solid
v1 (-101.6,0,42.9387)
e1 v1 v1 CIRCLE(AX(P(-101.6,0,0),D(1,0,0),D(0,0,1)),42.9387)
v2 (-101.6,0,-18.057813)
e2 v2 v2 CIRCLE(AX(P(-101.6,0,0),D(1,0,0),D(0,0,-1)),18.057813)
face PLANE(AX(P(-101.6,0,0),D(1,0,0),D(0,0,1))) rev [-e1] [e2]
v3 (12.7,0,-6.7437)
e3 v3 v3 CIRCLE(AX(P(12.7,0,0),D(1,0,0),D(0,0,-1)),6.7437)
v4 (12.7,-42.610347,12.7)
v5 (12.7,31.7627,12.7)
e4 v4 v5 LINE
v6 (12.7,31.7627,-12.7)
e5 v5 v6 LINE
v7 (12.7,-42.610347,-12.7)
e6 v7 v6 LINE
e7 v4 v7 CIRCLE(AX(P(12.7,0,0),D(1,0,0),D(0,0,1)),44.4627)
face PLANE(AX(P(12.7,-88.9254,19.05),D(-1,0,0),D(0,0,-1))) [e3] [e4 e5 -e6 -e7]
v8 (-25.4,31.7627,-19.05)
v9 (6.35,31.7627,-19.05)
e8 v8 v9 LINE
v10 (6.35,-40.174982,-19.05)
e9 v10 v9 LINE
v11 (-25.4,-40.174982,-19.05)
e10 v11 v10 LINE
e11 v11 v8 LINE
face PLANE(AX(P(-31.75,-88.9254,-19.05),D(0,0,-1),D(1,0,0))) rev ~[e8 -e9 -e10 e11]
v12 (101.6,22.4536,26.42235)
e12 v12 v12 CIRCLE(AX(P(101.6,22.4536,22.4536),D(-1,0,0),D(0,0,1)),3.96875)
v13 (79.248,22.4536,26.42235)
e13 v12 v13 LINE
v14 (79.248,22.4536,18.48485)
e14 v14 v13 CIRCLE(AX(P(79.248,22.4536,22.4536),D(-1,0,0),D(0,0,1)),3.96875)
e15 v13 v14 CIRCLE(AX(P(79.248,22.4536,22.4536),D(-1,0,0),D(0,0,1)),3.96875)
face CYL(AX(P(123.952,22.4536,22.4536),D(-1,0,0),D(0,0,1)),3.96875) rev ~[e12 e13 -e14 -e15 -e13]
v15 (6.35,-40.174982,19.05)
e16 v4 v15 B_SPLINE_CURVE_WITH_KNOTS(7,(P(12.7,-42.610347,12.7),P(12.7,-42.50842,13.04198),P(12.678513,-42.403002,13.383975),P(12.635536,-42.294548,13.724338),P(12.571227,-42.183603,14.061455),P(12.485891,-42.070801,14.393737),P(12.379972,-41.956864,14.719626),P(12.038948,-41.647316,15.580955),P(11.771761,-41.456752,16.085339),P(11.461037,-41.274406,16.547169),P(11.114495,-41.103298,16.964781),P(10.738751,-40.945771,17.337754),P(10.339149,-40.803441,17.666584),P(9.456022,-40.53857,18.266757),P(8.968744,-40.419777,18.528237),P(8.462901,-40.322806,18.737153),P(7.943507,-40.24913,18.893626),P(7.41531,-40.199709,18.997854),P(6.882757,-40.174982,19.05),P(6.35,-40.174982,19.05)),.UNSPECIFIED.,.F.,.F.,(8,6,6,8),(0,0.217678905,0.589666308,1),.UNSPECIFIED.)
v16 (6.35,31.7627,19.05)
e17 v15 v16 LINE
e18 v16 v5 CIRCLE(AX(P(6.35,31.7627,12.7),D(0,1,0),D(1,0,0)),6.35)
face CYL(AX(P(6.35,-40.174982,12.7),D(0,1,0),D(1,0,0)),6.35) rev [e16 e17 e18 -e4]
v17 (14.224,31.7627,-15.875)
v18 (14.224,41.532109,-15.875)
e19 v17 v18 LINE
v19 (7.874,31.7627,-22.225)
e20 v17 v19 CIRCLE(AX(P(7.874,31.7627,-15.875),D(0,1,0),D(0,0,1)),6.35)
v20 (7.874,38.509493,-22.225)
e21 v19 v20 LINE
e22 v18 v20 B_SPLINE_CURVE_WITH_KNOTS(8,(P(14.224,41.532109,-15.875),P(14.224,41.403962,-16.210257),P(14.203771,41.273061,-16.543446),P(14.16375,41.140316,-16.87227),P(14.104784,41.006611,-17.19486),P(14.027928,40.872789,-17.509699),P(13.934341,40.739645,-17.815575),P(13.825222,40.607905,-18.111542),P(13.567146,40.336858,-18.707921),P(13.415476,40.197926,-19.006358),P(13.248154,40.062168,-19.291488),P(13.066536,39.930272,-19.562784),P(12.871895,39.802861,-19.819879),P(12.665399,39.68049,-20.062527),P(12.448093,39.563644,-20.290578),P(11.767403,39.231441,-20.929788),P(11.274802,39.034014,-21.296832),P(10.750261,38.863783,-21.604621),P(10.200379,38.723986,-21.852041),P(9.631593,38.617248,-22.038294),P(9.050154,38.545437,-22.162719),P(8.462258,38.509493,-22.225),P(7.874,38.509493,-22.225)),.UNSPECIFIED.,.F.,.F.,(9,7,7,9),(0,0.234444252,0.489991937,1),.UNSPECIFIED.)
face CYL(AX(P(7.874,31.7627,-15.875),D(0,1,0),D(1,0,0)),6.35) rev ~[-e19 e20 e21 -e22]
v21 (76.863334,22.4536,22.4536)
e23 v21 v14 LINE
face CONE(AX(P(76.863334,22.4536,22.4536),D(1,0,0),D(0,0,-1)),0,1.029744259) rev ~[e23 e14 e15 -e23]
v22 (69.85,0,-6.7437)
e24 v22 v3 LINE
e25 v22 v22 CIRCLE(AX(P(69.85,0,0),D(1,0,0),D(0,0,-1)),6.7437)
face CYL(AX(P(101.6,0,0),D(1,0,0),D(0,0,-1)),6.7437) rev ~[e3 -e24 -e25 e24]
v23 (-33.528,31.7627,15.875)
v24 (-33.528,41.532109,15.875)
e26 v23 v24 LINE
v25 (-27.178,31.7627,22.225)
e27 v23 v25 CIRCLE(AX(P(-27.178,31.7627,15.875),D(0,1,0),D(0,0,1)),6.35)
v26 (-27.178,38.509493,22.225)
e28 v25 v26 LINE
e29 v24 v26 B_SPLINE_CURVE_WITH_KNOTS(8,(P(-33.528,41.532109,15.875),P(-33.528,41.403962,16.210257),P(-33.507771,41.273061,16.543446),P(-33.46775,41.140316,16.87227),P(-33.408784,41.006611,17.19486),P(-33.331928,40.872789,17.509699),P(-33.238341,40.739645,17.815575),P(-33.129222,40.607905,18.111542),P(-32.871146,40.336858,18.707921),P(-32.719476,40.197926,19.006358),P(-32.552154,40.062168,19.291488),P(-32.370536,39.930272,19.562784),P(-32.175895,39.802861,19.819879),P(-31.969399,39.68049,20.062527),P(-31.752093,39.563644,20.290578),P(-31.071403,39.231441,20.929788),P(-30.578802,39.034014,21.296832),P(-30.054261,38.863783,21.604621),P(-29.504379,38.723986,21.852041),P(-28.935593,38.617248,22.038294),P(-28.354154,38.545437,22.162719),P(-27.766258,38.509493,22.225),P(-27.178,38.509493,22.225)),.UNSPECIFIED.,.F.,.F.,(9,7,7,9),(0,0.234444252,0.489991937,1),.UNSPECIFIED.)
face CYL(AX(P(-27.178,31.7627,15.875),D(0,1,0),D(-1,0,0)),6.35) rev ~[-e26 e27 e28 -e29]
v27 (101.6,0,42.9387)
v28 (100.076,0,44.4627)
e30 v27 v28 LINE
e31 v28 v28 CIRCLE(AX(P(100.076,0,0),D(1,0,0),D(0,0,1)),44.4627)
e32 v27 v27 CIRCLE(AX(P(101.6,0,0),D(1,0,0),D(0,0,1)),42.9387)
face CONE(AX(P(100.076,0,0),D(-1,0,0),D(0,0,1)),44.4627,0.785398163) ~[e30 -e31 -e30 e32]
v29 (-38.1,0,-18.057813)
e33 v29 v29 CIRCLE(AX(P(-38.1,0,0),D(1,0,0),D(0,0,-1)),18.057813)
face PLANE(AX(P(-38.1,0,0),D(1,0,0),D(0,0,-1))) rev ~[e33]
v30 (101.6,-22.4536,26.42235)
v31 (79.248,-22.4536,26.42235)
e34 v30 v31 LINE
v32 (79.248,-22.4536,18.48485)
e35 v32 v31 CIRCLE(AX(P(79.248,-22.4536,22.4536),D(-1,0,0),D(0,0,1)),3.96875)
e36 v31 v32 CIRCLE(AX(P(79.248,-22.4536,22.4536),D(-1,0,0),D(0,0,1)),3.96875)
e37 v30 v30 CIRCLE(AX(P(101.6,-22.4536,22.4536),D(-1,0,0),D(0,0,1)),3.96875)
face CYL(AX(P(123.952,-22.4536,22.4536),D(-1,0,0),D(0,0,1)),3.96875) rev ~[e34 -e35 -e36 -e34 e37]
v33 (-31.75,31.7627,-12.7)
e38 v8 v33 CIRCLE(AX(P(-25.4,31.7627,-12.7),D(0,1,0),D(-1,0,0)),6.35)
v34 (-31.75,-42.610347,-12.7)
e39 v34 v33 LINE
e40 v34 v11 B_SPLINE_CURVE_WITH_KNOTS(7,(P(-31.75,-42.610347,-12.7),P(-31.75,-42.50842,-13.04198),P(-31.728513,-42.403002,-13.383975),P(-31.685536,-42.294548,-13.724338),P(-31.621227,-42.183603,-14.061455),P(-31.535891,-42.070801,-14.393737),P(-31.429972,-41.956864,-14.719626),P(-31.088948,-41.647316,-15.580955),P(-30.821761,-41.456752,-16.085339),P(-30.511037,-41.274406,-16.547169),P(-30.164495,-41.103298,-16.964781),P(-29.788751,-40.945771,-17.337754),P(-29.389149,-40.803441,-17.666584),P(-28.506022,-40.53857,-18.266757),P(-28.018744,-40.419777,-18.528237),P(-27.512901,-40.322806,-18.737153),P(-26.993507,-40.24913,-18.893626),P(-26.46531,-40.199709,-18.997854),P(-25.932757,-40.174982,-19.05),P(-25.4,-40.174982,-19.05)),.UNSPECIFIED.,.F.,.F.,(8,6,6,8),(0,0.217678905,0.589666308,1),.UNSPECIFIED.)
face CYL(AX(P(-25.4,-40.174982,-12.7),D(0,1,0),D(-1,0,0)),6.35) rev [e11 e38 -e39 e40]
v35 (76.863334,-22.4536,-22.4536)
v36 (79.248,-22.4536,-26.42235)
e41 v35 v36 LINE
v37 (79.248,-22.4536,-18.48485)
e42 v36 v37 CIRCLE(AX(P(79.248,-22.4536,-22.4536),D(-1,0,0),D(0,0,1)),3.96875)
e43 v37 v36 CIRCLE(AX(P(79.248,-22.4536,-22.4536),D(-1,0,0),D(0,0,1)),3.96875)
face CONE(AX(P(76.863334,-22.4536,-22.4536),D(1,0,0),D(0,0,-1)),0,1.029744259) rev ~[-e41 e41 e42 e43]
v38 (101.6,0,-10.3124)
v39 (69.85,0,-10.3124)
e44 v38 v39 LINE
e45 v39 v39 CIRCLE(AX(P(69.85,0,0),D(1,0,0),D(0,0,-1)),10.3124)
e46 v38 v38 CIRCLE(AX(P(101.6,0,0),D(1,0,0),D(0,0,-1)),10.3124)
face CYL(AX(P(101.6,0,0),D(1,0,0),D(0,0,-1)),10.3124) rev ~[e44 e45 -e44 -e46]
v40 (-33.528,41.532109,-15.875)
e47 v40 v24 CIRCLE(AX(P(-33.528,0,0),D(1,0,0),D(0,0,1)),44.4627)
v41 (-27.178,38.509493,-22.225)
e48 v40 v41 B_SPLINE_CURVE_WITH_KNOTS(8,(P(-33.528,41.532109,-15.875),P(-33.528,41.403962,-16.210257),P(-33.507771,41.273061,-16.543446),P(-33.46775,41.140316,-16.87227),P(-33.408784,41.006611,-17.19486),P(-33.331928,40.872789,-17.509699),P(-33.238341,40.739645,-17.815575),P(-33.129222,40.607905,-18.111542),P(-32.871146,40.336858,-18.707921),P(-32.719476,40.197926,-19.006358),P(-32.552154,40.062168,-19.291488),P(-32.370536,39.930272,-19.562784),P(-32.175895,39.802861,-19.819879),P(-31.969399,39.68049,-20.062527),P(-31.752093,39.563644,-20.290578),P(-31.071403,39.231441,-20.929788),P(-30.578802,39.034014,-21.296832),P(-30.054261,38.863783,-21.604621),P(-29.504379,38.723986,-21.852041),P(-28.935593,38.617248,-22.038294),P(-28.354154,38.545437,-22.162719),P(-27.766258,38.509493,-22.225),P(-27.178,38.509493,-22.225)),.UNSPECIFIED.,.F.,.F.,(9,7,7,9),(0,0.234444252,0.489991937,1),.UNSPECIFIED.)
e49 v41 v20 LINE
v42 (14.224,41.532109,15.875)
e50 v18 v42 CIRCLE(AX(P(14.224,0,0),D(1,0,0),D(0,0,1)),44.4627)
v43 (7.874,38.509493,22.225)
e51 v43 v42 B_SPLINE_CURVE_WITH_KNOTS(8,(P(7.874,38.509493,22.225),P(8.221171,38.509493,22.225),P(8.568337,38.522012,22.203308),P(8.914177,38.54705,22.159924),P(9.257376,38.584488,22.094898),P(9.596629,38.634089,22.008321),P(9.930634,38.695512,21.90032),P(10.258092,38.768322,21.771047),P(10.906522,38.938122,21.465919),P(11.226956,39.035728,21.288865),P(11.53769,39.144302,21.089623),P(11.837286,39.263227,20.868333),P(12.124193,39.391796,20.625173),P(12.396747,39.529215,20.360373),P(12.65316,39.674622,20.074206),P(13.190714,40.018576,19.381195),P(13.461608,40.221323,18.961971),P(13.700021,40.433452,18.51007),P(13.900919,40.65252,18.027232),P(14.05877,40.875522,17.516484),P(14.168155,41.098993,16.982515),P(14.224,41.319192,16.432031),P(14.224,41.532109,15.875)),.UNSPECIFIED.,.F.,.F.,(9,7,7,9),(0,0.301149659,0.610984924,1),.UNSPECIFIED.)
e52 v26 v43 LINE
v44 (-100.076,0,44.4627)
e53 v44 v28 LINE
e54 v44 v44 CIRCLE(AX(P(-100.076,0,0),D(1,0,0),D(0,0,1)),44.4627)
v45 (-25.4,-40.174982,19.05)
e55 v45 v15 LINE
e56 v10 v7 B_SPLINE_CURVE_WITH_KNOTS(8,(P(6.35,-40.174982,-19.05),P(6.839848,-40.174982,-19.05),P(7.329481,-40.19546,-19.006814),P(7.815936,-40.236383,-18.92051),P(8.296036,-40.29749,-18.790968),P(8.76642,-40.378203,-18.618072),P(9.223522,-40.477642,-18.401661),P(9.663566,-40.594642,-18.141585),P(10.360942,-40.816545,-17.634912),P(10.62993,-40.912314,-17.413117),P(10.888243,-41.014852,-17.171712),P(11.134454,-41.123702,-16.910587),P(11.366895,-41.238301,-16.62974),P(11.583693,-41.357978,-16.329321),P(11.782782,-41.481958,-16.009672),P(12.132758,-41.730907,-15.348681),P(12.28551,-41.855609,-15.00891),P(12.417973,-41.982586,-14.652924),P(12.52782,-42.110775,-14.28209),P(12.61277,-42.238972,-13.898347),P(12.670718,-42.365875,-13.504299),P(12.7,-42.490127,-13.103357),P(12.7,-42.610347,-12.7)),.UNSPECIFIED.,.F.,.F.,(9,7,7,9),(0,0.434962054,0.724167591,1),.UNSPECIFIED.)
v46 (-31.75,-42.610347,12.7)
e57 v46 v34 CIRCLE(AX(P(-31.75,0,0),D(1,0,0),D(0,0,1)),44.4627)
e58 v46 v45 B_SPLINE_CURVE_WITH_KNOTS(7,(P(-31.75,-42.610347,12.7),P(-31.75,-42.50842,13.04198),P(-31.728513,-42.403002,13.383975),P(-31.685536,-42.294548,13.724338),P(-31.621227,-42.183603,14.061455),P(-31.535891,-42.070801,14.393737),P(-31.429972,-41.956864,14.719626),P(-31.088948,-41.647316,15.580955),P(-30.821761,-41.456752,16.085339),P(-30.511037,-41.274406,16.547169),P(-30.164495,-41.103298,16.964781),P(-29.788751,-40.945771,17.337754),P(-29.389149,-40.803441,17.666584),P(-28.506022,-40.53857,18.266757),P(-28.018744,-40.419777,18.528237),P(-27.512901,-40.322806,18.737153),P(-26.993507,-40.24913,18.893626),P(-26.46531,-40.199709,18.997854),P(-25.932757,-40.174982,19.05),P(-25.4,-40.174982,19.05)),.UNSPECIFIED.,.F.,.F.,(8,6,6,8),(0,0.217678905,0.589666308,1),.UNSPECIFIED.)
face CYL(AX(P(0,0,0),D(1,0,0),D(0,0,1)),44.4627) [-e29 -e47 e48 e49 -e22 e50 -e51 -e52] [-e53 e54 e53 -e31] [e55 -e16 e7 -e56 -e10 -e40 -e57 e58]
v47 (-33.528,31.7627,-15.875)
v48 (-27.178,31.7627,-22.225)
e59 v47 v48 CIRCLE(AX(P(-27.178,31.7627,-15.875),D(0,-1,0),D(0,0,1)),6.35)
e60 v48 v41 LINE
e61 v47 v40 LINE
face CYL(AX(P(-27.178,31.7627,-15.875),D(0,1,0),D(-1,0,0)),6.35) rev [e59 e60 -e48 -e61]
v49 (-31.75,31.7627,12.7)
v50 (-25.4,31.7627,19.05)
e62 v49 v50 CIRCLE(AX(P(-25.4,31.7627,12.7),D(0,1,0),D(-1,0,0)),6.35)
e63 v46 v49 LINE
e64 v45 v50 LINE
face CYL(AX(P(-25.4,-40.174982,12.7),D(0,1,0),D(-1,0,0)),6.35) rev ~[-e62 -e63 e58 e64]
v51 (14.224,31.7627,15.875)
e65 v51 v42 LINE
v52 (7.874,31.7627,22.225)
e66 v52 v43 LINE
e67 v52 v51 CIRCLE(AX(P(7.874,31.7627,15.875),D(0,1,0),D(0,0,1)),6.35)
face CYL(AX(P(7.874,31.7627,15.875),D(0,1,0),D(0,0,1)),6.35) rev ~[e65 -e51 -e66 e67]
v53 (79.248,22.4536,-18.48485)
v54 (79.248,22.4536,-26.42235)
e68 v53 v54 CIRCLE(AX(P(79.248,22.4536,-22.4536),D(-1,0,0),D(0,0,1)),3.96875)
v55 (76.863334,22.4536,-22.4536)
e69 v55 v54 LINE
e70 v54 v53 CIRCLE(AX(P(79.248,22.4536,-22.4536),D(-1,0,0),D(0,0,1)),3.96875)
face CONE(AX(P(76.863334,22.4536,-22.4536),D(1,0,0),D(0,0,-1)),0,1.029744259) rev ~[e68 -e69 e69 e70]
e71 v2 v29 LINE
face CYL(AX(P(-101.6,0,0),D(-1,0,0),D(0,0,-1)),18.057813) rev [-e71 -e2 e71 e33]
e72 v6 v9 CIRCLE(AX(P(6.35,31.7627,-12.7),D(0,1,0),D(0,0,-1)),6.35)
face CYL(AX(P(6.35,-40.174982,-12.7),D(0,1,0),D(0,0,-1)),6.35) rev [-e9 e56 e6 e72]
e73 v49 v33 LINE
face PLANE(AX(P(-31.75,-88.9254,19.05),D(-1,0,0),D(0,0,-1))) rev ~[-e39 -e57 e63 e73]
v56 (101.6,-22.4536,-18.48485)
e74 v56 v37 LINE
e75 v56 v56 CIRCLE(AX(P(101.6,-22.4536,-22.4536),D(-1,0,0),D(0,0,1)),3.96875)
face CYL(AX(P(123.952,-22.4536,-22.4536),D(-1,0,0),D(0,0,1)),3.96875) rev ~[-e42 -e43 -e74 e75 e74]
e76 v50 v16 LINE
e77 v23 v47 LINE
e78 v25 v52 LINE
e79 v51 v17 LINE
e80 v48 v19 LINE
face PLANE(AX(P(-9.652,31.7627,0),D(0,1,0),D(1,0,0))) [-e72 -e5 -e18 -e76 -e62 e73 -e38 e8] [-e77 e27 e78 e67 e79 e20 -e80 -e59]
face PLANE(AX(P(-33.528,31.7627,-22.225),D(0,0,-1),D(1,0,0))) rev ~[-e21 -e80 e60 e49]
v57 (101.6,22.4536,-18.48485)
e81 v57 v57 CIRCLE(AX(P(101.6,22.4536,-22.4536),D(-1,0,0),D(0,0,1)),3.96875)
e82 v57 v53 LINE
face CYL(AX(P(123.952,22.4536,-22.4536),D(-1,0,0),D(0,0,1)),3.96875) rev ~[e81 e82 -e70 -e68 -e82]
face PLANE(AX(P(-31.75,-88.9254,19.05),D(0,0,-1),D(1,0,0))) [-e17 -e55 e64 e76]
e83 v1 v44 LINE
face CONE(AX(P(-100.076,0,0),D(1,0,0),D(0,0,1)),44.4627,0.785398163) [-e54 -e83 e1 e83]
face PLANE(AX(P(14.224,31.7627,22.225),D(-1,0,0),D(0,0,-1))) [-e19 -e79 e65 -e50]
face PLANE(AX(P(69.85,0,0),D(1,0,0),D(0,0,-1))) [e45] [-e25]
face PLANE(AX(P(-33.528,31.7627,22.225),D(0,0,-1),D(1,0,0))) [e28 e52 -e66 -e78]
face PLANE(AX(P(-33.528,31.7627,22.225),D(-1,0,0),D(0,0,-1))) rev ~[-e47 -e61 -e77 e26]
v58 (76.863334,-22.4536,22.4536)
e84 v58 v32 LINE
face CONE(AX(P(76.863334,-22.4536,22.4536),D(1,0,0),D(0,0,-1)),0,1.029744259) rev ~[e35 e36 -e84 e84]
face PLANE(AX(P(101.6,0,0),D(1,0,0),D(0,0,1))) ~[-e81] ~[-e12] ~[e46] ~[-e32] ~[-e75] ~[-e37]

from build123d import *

# Parameters (mm, degrees)
SKETCH1_W                   = 203.2
SKETCH1_H                   = 44.4627
CHAMFER1_SIZE               = 1.524
CUT_EXTRUDE2_START          = -88.9254
SKETCH2_W                   = 44.45
SKETCH2_H                   = 38.1
CUT_EXTRUDE2_DEPTH          = 177.8508
FILLET1_R                   = 6.35
CUT_EXTRUDE4_START          = 31.7627
SKETCH3_W                   = 47.752
SKETCH3_H                   = 44.45
CUT_EXTRUDE4_DEPTH          = 88.9254
FILLET2_R                   = 6.35
CUT_EXTRUDE6_START          = -101.6
SKETCH4_R                   = 18.0578125
CUT_EXTRUDE6_DEPTH          = 63.5
CUT_EXTRUDE8_START          = 101.6
SKETCH5_R                   = 6.7437
CUT_EXTRUDE8_DEPTH          = 95.25
CUT_EXTRUDE10_START         = 101.6
SKETCH6_R                   = 10.3124
CUT_EXTRUDE10_DEPTH         = 31.75
F_3_8_16_TAPPED_HOLE2_D     = 7.9375
F_3_8_16_TAPPED_HOLE2_DEPTH = 22.352
F_3_8_16_TAPPED_HOLE2_TIP   = 2.384665582


with BuildPart() as part:
    # Sketch1 → Revolve1 (revolve)
    with BuildSketch(Plane(origin=(0, 0, 0), x_dir=(1, 0, 0), z_dir=(0, 1, 0)), mode=Mode.PRIVATE) as revolve1_sk:
        with Locations((0, 22.23135)):
            Rectangle(SKETCH1_W, SKETCH1_H)
    revolve(revolve1_sk.sketch.rotate(Axis((-127, 0, 0), (1, 0, 0)), 180), axis=Axis((-127, 0, 0), (1, 0, 0)))

    # Chamfer1
    chamfer1_edges = [part.edges().sort_by_distance(p)[0] for p in [
        (101.6, 0, -44.4627),
        (-101.6, 0, -44.4627),
    ]]
    chamfer(chamfer1_edges, length=CHAMFER1_SIZE)

    # Sketch2 → Cut-Extrude2 (cut)
    with BuildSketch(Plane(origin=(0, 0, 0), x_dir=(1, 0, 0), z_dir=(0, 1, 0)).offset(CUT_EXTRUDE2_START)):
        with Locations((-9.525, 0)):
            Rectangle(SKETCH2_W, SKETCH2_H)
    extrude(amount=CUT_EXTRUDE2_DEPTH, mode=Mode.SUBTRACT)

    # Fillet1
    fillet1_edges = [part.edges().sort_by_distance(p)[0] for p in [
        (-31.75, 0, -19.05),
        (-31.75, 0, 19.05),
        (12.7, 0, 19.05),
        (12.7, 0, -19.05),
    ]]
    fillet(fillet1_edges, radius=FILLET1_R)

    # Sketch3 → Cut-Extrude4 (cut)
    with BuildSketch(Plane(origin=(0, 0, 0), x_dir=(1, 0, 0), z_dir=(0, 1, 0)).offset(CUT_EXTRUDE4_START)):
        with Locations((-9.652, 0)):
            Rectangle(SKETCH3_W, SKETCH3_H)
    extrude(amount=CUT_EXTRUDE4_DEPTH, mode=Mode.SUBTRACT)

    # Fillet2
    fillet2_edges = [part.edges().sort_by_distance(p)[0] for p in [
        (-33.528, 35.136096599, -22.225),
        (-33.528, 35.136096599, 22.225),
        (14.224, 35.136096599, 22.225),
        (14.224, 35.136096599, -22.225),
    ]]
    fillet(fillet2_edges, radius=FILLET2_R)

    # Sketch4 → Cut-Extrude6 (cut)
    with BuildSketch(Plane(origin=(0, 0, 0), x_dir=(0, 0, -1), z_dir=(1, 0, 0)).offset(CUT_EXTRUDE6_START)):
        Circle(SKETCH4_R)
    extrude(amount=CUT_EXTRUDE6_DEPTH, mode=Mode.SUBTRACT)

    # Sketch5 → Cut-Extrude8 (cut)
    with BuildSketch(Plane(origin=(0, 0, 0), x_dir=(0, 0, -1), z_dir=(1, 0, 0)).offset(CUT_EXTRUDE8_START)):
        Circle(SKETCH5_R)
    extrude(amount=-CUT_EXTRUDE8_DEPTH, mode=Mode.SUBTRACT)

    # Sketch6 → Cut-Extrude10 (cut)
    with BuildSketch(Plane(origin=(0, 0, 0), x_dir=(0, 0, -1), z_dir=(1, 0, 0)).offset(CUT_EXTRUDE10_START)):
        Circle(SKETCH6_R)
    extrude(amount=-CUT_EXTRUDE10_DEPTH, mode=Mode.SUBTRACT)

    # 3/8-16 Tapped Hole2
    with Locations(Plane(origin=(101.6, 0, 0), x_dir=(0, 0, -1), z_dir=(1, 0, 0))):
        with Locations((-22.4536, -22.4536), (22.4536, -22.4536), (-22.4536, 22.4536), (22.4536, 22.4536)):
            Hole(F_3_8_16_TAPPED_HOLE2_D / 2, depth=F_3_8_16_TAPPED_HOLE2_DEPTH)
            with Locations((0, 0, -(F_3_8_16_TAPPED_HOLE2_DEPTH + F_3_8_16_TAPPED_HOLE2_TIP / 2))):  # 118° drill point
                Cone(0, F_3_8_16_TAPPED_HOLE2_D / 2, F_3_8_16_TAPPED_HOLE2_TIP, mode=Mode.SUBTRACT)


solid = part.part
